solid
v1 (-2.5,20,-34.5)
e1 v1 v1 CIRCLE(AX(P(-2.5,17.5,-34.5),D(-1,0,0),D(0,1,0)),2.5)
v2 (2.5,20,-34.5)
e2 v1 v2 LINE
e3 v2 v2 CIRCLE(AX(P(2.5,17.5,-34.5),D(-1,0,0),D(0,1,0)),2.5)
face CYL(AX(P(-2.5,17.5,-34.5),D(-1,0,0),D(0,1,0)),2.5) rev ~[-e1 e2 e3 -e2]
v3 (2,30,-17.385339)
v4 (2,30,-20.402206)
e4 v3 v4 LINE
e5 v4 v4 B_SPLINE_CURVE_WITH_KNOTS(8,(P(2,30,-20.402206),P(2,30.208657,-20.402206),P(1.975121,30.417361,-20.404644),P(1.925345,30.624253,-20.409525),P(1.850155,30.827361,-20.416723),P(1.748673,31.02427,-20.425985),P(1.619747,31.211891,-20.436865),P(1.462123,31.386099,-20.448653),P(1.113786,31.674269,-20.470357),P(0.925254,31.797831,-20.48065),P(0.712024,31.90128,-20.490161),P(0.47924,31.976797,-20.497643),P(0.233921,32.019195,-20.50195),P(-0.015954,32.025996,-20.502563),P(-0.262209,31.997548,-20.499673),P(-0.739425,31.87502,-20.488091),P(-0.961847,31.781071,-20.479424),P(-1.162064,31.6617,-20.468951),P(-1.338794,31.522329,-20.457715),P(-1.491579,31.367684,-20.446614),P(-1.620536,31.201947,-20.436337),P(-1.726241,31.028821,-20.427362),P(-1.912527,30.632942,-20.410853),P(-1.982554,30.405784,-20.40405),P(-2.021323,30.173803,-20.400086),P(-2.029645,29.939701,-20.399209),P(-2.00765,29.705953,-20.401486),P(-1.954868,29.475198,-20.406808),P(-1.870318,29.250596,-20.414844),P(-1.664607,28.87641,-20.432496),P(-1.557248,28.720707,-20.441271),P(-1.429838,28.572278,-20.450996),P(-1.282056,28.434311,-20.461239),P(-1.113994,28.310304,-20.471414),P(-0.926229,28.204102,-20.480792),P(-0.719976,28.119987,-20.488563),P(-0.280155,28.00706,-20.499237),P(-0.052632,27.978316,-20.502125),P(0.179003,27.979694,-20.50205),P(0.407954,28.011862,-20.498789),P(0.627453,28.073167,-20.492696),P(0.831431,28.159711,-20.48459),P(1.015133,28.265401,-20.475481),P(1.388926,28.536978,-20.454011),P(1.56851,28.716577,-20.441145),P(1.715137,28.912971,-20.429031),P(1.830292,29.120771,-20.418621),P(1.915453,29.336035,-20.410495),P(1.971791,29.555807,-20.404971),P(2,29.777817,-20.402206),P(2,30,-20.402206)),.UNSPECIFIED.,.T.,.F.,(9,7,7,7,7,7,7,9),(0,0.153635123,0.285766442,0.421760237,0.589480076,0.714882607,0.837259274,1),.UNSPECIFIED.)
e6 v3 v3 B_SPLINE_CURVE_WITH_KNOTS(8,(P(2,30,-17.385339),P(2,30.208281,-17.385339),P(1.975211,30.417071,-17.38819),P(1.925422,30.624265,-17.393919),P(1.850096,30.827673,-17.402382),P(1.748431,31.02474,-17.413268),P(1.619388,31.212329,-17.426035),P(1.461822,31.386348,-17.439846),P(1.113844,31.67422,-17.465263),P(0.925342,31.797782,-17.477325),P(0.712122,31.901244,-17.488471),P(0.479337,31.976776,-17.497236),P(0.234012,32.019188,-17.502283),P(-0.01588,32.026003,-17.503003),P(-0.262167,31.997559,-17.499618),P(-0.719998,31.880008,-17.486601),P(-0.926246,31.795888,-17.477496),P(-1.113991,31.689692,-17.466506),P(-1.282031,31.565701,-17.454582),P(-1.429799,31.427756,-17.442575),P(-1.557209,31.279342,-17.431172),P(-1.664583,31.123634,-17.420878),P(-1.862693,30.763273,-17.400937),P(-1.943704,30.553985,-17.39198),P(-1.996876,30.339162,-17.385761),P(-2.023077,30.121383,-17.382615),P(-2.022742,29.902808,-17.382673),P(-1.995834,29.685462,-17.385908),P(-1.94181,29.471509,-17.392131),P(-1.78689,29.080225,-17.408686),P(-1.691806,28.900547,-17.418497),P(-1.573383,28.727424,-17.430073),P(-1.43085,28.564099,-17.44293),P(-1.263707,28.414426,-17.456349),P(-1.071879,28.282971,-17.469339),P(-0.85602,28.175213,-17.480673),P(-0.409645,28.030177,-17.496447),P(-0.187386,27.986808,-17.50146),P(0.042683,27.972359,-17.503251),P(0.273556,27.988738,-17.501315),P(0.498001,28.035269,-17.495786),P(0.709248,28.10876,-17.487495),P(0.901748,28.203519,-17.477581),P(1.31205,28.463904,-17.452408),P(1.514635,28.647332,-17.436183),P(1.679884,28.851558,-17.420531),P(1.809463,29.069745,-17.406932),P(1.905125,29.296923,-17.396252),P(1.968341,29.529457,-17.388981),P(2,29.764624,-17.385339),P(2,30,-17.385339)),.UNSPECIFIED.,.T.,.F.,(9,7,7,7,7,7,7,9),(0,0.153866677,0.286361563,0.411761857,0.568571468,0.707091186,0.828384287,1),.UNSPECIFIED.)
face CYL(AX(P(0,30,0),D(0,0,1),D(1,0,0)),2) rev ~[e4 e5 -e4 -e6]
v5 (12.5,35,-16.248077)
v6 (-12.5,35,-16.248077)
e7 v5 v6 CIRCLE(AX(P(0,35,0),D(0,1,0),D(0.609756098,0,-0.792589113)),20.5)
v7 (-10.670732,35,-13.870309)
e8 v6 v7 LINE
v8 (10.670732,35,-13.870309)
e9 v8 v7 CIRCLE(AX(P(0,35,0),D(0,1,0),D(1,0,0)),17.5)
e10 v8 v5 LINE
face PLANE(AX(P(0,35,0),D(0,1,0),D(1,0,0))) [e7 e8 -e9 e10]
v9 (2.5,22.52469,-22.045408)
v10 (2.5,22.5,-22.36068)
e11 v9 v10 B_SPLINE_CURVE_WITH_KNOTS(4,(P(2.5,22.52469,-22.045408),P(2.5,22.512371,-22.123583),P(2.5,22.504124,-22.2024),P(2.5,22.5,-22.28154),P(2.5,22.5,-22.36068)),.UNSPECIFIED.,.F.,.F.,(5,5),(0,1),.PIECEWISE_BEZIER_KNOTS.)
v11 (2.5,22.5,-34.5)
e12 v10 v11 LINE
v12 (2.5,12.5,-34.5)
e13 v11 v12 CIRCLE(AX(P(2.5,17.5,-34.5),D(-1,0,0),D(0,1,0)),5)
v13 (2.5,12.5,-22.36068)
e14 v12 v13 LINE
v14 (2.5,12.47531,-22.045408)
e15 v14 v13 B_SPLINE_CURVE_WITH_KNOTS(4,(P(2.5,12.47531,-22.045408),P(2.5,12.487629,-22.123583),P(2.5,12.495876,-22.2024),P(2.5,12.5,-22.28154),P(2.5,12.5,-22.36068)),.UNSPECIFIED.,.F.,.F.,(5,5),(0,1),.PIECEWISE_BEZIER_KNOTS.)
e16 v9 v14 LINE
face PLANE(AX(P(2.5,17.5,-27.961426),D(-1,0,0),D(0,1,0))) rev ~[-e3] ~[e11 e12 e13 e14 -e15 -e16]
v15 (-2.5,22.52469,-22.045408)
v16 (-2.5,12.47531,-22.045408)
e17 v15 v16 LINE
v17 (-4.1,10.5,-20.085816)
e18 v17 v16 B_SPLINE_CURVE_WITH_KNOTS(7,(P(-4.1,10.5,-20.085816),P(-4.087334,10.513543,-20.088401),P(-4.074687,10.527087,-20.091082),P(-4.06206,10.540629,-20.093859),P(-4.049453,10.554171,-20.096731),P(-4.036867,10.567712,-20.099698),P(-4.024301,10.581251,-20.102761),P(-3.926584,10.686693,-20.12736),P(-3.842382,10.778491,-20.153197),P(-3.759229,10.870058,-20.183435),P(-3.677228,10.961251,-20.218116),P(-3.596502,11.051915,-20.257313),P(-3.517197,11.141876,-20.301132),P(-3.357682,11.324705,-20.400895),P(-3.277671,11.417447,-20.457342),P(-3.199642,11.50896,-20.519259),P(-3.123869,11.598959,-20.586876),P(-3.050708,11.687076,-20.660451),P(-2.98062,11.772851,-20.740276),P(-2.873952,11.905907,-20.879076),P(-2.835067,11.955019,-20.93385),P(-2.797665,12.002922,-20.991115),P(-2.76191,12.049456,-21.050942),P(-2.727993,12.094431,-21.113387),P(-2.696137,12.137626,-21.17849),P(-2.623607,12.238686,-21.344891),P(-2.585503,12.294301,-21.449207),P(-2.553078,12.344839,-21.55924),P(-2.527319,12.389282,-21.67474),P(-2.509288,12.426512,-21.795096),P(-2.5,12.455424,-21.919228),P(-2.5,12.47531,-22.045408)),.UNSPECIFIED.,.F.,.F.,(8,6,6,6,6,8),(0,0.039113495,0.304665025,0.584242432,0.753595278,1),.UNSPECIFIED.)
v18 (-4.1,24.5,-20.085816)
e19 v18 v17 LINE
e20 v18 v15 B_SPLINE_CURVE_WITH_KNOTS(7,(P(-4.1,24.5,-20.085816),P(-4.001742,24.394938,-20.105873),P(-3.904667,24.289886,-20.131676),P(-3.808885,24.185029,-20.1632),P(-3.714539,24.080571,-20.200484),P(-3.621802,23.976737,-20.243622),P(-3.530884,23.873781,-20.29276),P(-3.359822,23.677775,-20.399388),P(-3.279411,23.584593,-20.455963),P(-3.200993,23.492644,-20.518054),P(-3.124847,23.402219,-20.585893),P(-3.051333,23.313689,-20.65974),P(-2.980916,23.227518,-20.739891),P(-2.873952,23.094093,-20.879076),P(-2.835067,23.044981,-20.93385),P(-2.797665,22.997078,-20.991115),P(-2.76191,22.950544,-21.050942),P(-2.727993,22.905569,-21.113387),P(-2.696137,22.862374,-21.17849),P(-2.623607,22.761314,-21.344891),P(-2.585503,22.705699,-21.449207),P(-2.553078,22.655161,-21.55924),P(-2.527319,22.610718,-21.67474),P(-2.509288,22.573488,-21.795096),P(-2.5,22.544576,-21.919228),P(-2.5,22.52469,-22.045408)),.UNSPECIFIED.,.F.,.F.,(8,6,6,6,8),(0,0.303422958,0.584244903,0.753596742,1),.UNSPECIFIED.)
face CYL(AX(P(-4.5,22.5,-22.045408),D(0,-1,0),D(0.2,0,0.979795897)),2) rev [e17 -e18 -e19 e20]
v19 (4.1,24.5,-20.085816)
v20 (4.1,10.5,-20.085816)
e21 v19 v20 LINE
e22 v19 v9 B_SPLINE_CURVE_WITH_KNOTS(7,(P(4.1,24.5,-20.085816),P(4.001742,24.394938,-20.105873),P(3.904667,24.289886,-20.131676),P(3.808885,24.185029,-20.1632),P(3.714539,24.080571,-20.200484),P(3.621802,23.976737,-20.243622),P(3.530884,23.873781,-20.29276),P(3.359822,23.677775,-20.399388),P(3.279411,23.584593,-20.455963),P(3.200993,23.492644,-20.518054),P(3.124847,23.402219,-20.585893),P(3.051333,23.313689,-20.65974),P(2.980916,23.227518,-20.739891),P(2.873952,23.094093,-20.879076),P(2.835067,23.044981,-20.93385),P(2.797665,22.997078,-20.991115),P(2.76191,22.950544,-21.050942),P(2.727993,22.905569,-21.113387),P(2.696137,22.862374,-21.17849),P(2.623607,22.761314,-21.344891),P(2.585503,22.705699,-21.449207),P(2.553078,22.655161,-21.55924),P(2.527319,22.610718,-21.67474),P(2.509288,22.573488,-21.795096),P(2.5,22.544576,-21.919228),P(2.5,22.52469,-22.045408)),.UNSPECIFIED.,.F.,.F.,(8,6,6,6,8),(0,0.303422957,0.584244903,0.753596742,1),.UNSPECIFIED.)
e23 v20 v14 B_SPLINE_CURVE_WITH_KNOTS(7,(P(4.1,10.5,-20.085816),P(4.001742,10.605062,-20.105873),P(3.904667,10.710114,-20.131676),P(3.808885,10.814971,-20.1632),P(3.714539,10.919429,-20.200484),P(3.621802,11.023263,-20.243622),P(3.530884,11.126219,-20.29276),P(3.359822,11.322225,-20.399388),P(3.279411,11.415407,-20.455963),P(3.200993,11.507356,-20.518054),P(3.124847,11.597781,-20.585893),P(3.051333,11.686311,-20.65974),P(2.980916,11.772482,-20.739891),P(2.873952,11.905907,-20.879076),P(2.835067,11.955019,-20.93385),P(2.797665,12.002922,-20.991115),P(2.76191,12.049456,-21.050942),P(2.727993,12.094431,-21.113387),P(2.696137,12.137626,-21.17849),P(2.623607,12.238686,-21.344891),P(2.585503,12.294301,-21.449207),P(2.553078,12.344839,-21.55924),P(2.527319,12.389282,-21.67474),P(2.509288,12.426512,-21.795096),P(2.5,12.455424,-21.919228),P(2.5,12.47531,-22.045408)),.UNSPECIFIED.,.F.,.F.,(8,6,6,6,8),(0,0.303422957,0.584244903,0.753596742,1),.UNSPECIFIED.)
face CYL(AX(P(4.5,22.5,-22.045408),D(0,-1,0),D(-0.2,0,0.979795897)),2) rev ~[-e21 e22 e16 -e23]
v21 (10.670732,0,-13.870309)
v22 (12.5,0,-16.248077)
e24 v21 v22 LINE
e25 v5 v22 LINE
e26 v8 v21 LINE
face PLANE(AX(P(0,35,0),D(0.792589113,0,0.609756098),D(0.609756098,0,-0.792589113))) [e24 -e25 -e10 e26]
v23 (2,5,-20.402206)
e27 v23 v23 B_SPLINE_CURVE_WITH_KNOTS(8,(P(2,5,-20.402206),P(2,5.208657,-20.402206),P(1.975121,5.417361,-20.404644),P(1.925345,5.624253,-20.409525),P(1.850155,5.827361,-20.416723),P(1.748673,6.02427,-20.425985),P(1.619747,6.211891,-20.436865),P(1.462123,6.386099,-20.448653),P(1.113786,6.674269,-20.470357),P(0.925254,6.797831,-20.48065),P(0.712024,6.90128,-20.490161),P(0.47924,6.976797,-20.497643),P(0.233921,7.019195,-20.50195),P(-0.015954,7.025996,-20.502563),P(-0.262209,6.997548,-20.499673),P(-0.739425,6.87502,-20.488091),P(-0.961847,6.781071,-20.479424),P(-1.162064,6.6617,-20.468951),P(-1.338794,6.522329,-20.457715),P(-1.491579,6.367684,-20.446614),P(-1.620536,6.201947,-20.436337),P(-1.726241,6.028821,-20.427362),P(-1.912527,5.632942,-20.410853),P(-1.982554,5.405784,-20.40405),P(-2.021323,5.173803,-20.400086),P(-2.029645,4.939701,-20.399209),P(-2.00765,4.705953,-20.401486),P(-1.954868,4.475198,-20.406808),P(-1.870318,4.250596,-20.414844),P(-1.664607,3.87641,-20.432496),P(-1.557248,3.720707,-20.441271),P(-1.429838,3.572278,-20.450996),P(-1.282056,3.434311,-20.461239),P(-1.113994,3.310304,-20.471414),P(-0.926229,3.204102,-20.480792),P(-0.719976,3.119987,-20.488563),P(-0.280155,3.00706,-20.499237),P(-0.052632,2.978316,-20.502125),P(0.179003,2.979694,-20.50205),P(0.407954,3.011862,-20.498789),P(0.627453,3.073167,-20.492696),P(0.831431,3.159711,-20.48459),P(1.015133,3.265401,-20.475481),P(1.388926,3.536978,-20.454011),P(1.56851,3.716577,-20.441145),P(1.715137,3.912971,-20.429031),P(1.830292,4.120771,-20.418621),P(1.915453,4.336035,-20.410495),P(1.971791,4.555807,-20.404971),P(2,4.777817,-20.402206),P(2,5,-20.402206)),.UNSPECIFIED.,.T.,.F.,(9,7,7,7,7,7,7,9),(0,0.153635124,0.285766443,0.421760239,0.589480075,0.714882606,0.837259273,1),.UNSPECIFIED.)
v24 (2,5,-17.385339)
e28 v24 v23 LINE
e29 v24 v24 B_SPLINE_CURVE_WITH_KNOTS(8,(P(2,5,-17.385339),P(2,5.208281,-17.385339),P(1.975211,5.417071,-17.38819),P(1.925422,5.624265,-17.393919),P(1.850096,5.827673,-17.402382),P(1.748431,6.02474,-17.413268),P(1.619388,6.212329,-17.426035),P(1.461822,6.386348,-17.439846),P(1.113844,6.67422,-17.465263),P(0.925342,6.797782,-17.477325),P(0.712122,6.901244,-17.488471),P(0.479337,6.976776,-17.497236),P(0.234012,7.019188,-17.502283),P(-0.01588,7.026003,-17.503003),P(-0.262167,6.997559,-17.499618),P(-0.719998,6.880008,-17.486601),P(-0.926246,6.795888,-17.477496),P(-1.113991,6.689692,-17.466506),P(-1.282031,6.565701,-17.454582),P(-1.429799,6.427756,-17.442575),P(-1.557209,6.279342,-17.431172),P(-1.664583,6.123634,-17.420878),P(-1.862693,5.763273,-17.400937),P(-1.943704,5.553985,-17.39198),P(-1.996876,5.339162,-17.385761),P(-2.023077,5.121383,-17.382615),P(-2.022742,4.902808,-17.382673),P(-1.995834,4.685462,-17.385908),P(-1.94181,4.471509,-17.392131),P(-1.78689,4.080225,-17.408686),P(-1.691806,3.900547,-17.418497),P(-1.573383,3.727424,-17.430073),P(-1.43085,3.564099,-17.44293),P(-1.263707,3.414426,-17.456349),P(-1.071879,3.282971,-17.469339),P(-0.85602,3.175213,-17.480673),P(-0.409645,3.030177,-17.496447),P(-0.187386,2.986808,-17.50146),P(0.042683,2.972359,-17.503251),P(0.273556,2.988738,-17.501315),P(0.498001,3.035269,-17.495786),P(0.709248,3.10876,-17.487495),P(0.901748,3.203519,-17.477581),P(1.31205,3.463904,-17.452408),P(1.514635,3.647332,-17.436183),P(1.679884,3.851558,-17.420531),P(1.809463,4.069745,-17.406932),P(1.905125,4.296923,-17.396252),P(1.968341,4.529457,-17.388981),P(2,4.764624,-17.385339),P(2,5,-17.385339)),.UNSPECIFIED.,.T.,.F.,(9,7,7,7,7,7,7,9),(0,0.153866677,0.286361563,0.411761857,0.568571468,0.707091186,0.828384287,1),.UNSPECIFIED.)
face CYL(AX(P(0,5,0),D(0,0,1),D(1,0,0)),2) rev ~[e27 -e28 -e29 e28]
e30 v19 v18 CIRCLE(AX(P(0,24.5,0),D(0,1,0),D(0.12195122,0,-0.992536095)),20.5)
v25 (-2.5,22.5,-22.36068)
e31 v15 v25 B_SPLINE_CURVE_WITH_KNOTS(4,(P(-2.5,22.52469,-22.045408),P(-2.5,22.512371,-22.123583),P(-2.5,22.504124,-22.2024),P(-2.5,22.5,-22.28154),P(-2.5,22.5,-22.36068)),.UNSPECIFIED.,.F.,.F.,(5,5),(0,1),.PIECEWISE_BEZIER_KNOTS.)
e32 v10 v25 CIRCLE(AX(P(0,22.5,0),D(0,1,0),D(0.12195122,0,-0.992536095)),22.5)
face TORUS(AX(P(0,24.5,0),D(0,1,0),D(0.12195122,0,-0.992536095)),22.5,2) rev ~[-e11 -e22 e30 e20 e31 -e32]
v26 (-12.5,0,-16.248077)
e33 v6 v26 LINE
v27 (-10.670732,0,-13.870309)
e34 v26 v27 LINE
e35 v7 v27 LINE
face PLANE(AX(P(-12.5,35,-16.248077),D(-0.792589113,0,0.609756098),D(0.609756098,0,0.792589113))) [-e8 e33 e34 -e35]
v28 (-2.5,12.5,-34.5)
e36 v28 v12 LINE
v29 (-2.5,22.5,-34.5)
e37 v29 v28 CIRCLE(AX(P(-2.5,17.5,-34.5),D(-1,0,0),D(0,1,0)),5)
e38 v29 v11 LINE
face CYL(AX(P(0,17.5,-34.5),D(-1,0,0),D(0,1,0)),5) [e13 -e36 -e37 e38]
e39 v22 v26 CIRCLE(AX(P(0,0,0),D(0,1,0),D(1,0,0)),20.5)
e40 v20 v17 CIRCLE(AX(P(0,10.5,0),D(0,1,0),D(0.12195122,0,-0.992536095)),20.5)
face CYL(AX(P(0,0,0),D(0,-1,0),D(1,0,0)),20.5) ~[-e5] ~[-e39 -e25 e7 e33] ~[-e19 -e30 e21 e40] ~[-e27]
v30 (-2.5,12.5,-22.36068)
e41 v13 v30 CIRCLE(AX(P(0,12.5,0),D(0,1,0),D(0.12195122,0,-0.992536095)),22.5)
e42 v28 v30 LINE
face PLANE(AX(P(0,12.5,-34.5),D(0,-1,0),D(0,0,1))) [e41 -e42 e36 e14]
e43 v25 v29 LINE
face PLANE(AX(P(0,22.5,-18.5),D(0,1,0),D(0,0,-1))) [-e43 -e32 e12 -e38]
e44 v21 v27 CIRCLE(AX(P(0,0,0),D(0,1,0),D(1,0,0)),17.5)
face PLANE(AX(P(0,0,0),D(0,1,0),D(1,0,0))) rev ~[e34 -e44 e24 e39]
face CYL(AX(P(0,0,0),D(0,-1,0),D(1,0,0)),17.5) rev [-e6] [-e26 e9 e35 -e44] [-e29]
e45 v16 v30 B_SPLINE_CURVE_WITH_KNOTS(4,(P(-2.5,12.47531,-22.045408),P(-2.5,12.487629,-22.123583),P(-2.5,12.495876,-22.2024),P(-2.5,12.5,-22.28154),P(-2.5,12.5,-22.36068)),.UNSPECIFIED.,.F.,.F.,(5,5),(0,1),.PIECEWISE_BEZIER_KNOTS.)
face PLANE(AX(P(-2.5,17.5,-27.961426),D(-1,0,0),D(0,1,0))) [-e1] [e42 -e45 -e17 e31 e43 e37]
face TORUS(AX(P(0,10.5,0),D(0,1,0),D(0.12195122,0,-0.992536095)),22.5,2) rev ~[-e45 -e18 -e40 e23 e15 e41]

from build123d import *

# Parameters (mm, degrees)
SKETCH2_R                = 20.5
SKETCH2_R_2              = 17.5
BOSS_EXTRUDE1_DEPTH      = 35
SKETCH3_OUTSIDE_W        = 56.546
SKETCH3_OUTSIDE_H        = 56.546
CUT_EXTRUDE1_DEPTH       = 46.447772223
SKETCH5_R                = 2
CUT_EXTRUDE2_DEPTH       = 43.444080859
BOSS_EXTRUDE2_DEPTH      = 2.5
BOSS_EXTRUDE2_DEPTH_BACK = 2.5
SKETCH10_R               = 2.5
CUT_EXTRUDE3_DEPTH       = 55.865745324
FILLET2_R                = 2


with BuildPart() as part:
    # Sketch2 → Boss-Extrude1 (new body)
    with BuildSketch(Plane(origin=(0, 0, 0), x_dir=(1, 0, 0), z_dir=(0, 1, 0))):
        Circle(SKETCH2_R)
        Circle(SKETCH2_R_2, mode=Mode.SUBTRACT)
    extrude(amount=BOSS_EXTRUDE1_DEPTH)

    # Sketch3 outside → Cut-Extrude1 (cut, through all)
    with BuildSketch(Plane(origin=(0, 35, 0), x_dir=(1, 0, 0), z_dir=(0, 1, 0))):
        Rectangle(SKETCH3_OUTSIDE_W, SKETCH3_OUTSIDE_H)
        with BuildLine():
            Line((0, 0), (12.5, 16.248076809))
            ThreePointArc((12.5, 16.248076809), (0, 20.5), (-12.5, 16.248076809))
            Line((-12.5, 16.248076809), (0, 0))
        make_face(mode=Mode.SUBTRACT)
    extrude(amount=-CUT_EXTRUDE1_DEPTH, mode=Mode.SUBTRACT)

    # Sketch5 → Cut-Extrude2 (cut, through all)
    with BuildSketch(Plane.XY):
        with Locations((0, 30)):
            Circle(SKETCH5_R)
        with Locations((0, 5)):
            Circle(SKETCH5_R)
    extrude(amount=-CUT_EXTRUDE2_DEPTH, mode=Mode.SUBTRACT)

    # Sketch7 → Boss-Extrude2 (add, two sides: drawn at the far end of the back side and taken through both)
    with BuildSketch(Plane(origin=(0, 15, 0), x_dir=(0, 1, 0), z_dir=(-1, 0, 0)).offset(-BOSS_EXTRUDE2_DEPTH_BACK)):
        with BuildLine():
            Line((-2.5, 34.5), (-2.5, 18.5))
            Line((-2.5, 18.5), (7.5, 18.5))
            Line((7.5, 18.5), (7.5, 34.5))
            ThreePointArc((7.5, 34.5), (2.5, 39.5), (-2.5, 34.5))
        make_face()
    extrude(amount=BOSS_EXTRUDE2_DEPTH + BOSS_EXTRUDE2_DEPTH_BACK)

    # Sketch10 → Cut-Extrude3 (cut, through all)
    with BuildSketch(Plane(origin=(-2.5, 0, 0), x_dir=(0, 1, 0), z_dir=(-1, 0, 0))):
        with Locations((17.5, 34.5)):
            Circle(SKETCH10_R)
    extrude(amount=-CUT_EXTRUDE3_DEPTH, mode=Mode.SUBTRACT)

    # Fillet2
    fillet2_edges = [part.edges().sort_by_distance(p)[0] for p in [
        (-2.5, 17.5, -20.346989949),
        (0, 22.5, -20.5),
        (2.5, 17.5, -20.346989949),
        (0, 12.5, -20.5),
    ]]
    fillet(fillet2_edges, radius=FILLET2_R)


solid = part.part
